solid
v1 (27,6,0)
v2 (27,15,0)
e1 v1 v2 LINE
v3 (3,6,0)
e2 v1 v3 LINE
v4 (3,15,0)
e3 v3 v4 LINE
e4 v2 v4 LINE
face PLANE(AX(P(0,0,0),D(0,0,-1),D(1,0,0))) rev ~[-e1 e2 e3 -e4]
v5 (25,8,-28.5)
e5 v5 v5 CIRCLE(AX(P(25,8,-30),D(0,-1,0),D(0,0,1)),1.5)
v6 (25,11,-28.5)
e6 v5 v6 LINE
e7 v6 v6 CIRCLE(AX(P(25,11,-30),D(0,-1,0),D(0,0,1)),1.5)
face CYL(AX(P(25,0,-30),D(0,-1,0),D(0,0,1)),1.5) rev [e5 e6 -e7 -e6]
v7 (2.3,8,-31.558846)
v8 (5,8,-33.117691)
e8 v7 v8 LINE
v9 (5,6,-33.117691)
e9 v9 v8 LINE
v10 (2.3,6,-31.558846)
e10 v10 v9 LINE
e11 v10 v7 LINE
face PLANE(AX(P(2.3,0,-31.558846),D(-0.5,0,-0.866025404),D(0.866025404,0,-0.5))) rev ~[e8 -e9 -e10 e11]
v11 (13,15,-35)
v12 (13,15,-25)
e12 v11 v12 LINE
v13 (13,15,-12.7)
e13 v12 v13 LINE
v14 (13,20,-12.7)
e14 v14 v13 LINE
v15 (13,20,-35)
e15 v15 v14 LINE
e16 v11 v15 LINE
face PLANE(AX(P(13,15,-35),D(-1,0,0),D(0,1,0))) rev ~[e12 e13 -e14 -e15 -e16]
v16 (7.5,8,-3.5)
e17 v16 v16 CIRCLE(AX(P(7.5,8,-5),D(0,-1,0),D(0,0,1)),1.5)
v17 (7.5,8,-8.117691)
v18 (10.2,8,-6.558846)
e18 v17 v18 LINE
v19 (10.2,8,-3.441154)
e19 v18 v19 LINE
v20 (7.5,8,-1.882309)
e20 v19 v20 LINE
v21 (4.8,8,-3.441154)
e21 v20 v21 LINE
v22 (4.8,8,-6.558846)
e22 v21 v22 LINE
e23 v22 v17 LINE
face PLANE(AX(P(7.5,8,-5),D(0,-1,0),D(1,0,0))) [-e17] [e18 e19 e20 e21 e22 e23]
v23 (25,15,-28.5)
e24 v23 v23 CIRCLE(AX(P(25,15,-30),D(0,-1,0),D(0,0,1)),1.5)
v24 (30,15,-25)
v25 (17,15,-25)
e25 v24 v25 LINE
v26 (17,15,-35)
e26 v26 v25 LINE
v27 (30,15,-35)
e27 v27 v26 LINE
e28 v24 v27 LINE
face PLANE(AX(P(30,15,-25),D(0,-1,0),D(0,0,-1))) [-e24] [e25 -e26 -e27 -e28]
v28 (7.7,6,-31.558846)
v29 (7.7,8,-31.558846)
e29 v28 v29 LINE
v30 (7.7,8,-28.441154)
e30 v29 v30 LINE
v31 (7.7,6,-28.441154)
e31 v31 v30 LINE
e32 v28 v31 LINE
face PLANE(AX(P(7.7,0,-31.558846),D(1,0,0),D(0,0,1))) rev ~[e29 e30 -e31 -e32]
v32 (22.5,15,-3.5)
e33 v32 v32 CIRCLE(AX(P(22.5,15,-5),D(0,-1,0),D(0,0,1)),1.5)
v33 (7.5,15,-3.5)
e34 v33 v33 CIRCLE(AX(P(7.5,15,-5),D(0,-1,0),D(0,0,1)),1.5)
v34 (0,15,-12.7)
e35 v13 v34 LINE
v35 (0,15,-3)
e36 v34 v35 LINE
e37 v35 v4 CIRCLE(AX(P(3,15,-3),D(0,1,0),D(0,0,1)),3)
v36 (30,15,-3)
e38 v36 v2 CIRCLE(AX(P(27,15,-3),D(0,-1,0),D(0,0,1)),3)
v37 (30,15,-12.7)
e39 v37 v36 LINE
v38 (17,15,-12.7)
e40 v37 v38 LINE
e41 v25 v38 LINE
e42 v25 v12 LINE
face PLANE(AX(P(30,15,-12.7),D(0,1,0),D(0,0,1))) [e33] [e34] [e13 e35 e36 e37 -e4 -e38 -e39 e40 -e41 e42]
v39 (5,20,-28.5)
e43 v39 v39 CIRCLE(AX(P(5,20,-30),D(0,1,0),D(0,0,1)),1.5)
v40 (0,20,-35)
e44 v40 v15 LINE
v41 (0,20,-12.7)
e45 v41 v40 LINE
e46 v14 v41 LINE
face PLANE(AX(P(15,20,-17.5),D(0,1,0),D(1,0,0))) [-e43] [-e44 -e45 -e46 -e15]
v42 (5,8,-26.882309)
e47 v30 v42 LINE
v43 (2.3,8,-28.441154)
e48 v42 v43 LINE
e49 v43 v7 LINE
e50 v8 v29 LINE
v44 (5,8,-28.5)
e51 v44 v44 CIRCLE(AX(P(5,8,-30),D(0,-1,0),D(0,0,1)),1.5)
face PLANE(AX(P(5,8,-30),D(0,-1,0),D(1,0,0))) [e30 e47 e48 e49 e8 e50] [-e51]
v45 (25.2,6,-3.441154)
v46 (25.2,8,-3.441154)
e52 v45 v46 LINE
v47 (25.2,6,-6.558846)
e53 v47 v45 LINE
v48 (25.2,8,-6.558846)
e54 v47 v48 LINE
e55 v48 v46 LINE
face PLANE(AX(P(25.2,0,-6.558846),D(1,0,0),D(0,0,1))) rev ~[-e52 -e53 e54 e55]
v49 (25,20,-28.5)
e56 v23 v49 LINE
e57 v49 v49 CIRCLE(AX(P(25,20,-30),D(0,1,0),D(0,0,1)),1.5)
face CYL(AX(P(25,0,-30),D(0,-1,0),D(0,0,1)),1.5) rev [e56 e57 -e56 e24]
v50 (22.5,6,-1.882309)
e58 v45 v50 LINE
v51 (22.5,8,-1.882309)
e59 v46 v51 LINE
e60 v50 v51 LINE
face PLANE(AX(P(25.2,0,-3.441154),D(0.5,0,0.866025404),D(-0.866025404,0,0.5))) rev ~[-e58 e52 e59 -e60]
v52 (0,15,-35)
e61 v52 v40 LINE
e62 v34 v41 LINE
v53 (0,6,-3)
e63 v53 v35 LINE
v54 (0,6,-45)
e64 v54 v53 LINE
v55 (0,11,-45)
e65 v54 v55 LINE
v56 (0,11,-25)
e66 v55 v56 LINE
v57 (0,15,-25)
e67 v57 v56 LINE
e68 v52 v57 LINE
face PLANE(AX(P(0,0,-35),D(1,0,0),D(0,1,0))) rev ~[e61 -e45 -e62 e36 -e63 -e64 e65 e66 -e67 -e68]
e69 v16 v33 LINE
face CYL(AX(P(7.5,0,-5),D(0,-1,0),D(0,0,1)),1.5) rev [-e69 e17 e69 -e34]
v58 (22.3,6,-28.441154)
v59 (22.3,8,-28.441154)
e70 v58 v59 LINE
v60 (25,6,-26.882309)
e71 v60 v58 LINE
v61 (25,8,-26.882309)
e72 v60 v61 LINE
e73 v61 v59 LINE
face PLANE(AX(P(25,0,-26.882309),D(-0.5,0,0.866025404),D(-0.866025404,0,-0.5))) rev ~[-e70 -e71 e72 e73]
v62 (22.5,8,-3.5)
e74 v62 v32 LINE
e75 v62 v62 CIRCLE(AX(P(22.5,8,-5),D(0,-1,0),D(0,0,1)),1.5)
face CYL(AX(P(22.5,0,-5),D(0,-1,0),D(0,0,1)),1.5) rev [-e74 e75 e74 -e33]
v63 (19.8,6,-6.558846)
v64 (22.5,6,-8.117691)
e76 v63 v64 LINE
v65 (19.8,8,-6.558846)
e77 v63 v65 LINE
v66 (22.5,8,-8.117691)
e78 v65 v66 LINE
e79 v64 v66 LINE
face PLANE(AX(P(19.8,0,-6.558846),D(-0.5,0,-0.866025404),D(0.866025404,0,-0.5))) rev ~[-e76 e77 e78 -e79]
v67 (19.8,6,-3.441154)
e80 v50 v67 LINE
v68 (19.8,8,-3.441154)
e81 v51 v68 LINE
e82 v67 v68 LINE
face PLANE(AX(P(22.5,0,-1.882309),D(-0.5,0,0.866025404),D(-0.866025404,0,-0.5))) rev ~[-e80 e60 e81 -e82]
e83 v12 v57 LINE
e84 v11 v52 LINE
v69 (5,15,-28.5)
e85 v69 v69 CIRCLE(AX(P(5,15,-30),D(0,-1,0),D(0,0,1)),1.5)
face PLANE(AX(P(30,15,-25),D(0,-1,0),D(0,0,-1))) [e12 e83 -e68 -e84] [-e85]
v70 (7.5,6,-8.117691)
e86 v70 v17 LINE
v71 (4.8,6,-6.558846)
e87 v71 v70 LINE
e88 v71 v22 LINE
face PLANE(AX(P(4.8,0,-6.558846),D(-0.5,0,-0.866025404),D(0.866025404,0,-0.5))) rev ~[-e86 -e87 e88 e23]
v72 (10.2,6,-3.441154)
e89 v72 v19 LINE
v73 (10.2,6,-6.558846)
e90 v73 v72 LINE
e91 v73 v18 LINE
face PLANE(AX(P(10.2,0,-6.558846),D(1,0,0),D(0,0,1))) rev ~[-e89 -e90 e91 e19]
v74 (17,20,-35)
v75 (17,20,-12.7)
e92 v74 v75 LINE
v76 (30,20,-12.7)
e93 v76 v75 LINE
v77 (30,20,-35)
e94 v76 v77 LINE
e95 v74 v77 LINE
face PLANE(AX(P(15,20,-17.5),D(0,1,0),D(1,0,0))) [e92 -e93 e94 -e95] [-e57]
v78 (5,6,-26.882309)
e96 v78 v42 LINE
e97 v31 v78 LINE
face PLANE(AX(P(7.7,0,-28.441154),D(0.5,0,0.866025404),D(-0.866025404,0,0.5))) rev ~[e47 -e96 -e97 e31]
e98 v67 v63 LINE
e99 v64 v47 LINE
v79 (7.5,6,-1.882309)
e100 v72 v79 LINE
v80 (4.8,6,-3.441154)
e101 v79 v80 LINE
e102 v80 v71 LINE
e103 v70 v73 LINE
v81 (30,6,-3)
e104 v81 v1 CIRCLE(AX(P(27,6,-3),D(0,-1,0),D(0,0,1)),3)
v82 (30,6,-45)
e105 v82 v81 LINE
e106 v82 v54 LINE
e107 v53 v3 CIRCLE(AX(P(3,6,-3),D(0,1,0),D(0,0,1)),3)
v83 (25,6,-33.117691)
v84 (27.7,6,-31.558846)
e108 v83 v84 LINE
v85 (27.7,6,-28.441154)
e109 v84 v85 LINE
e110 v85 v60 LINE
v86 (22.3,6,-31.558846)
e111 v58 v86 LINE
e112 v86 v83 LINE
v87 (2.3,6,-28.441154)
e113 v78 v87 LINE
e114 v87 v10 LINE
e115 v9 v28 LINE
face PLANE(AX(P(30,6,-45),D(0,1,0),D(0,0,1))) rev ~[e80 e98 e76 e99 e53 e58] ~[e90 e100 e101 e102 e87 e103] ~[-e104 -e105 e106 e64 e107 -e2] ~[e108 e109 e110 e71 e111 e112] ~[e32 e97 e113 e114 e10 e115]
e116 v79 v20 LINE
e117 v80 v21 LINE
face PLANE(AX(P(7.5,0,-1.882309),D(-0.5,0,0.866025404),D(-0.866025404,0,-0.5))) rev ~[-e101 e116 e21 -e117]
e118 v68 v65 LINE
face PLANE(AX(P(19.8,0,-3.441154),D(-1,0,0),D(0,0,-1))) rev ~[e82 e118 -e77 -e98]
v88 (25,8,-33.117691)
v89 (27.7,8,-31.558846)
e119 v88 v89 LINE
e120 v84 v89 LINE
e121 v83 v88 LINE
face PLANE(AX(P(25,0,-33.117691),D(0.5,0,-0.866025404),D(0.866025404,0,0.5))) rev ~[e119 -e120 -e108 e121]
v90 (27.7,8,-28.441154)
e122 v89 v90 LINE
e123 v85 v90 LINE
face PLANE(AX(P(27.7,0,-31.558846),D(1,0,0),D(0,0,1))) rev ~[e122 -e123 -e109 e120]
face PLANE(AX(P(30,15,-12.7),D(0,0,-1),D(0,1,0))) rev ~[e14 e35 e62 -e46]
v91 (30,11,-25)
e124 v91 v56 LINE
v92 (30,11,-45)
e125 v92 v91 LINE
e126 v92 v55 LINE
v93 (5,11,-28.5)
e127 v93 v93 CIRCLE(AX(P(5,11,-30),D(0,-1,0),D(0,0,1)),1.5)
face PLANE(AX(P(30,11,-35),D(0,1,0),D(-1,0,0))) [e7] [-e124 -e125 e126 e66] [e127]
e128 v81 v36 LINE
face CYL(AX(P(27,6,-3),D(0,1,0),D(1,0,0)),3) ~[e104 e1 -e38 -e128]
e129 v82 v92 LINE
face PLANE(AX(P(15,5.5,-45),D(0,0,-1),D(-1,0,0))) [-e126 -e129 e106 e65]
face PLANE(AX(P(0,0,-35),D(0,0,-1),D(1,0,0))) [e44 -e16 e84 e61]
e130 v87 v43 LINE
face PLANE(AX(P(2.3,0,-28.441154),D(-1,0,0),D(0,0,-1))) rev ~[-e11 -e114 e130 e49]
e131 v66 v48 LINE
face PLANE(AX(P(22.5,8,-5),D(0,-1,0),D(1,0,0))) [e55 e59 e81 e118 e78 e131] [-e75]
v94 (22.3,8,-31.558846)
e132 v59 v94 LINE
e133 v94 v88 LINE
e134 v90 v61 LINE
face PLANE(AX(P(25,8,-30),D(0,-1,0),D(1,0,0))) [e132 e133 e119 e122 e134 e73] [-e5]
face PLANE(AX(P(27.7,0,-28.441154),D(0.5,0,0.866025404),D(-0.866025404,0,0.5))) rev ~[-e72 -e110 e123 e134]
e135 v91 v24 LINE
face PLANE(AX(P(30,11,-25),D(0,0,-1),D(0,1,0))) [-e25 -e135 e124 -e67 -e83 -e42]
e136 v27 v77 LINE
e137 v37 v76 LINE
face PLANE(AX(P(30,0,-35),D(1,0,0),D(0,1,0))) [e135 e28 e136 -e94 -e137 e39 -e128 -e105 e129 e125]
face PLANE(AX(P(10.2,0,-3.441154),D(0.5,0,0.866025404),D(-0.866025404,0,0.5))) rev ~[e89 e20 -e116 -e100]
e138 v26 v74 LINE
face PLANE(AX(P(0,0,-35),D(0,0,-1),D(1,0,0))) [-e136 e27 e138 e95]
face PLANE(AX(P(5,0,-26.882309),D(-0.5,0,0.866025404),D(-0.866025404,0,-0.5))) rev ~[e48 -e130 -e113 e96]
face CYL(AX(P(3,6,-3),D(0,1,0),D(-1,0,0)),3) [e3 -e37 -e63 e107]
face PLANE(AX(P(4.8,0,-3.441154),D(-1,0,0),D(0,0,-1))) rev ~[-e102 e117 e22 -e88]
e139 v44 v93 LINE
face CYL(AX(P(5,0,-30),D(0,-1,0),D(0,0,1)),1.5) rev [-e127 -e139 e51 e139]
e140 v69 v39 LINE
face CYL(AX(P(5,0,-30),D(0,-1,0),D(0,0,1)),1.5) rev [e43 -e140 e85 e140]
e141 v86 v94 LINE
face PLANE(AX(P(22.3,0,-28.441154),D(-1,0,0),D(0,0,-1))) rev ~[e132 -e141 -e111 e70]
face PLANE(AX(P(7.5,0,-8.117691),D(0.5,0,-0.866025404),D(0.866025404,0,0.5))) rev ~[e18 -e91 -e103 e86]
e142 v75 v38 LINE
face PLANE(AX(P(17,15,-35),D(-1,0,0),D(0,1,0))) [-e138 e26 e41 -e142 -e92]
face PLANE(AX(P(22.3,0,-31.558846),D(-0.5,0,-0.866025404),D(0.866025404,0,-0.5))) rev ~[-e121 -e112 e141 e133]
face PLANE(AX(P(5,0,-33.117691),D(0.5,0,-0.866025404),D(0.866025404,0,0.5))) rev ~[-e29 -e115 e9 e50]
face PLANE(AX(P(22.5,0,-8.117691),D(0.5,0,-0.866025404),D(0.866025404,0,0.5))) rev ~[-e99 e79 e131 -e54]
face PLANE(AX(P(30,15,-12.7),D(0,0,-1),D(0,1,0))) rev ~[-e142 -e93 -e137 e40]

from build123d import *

# Parameters (mm, degrees)
CROQUIS1_W              = 30
CROQUIS1_H              = 35
CROQUIS1_R              = 1.5
SALIENTE_EXTRUIR1_DEPTH = 20
CROQUIS2_W              = 10
CROQUIS2_H              = 4
CORTAR_EXTRUIR1_DEPTH   = 41
CORTAR_EXTRUIR2_DEPTH   = 8
CORTAR_EXTRUIR3_DEPTH   = 8
CROQUIS6_W              = 30
CROQUIS6_H              = 11
SALIENTE_EXTRUIR2_DEPTH = 10
CORTAR_EXTRUIR4_START   = -30
CROQUIS7_W              = 45
CROQUIS7_H              = 6
CORTAR_EXTRUIR4_DEPTH   = 30
CORTAR_EXTRUIR5_REACH   = 52.249
CROQUIS8_W              = 4
CROQUIS8_H              = 5
CORTAR_EXTRUIR6_START   = -30
CROQUIS9_W              = 12.7
CROQUIS9_H              = 5
CORTAR_EXTRUIR6_DEPTH   = 30
REDONDEO1_R             = 3


with BuildPart() as part:
    # Croquis1 → Saliente-Extruir1 (new body)
    with BuildSketch(Plane(origin=(0, 0, 0), x_dir=(1, 0, 0), z_dir=(0, 1, 0))):
        with Locations((15, 17.5)):
            Rectangle(CROQUIS1_W, CROQUIS1_H)
        with Locations(Location((25, 30, 0), (0, 0, 270))):
            Circle(CROQUIS1_R, mode=Mode.SUBTRACT)
        with Locations(Location((5, 30, 0), (0, 0, 270))):
            Circle(CROQUIS1_R, mode=Mode.SUBTRACT)
        with Locations(Location((7.5, 5, 0), (0, 0, 270))):
            Circle(CROQUIS1_R, mode=Mode.SUBTRACT)
        with Locations(Location((22.5, 5, 0), (0, 0, 270))):
            Circle(CROQUIS1_R, mode=Mode.SUBTRACT)
    extrude(amount=SALIENTE_EXTRUIR1_DEPTH)

    # Croquis2 → Cortar-Extruir1 (cut)
    with BuildSketch(Plane(origin=(30, 0, 0), x_dir=(0, 0, -1), z_dir=(1, 0, 0))):
        with Locations((30, 13)):
            Rectangle(CROQUIS2_W, CROQUIS2_H)
    extrude(amount=-CORTAR_EXTRUIR1_DEPTH, mode=Mode.SUBTRACT)

    # Croquis3 → Cortar-Extruir2 (cut)
    with BuildSketch(Plane.XZ):
        Polygon((5, -33.117691454), (7.7, -31.558845727), (7.7, -28.441154273), (5, -26.882308546), (2.3, -28.441154273), (2.3, -31.558845727), align=None)
        Polygon((25, -33.117691454), (27.7, -31.558845727), (27.7, -28.441154273), (25, -26.882308546), (22.3, -28.441154273), (22.3, -31.558845727), align=None)
    extrude(amount=-CORTAR_EXTRUIR2_DEPTH, mode=Mode.SUBTRACT)

    # Croquis4 → Cortar-Extruir3 (cut)
    with BuildSketch(Plane.XZ):
        Polygon((7.5, -8.117691454), (10.2, -6.558845727), (10.2, -3.441154273), (7.5, -1.882308546), (4.8, -3.441154273), (4.8, -6.558845727), align=None)
        Polygon((22.5, -8.117691454), (25.2, -6.558845727), (25.2, -3.441154273), (22.5, -1.882308546), (19.8, -3.441154273), (19.8, -6.558845727), align=None)
    extrude(amount=-CORTAR_EXTRUIR3_DEPTH, mode=Mode.SUBTRACT)

    # Croquis6 → Saliente-Extruir2 (add)
    with BuildSketch(Plane(origin=(0, 0, -35), x_dir=(-1, 0, 0), z_dir=(0, 0, -1))):
        with Locations((-15, 5.5)):
            Rectangle(CROQUIS6_W, CROQUIS6_H)
    extrude(amount=SALIENTE_EXTRUIR2_DEPTH)

    # Croquis7 → Cortar-Extruir4 (cut)
    with BuildSketch(Plane.ZY.offset(CORTAR_EXTRUIR4_START)):
        with Locations((-22.5, 3)):
            Rectangle(CROQUIS7_W, CROQUIS7_H)
    extrude(amount=CORTAR_EXTRUIR4_DEPTH, mode=Mode.SUBTRACT)

    # Cortar-Extruir5: up to this face of the body (flat: up to its plane)
    cortar_extruir5_end = Plane(part.part.faces().sort_by_distance((15, 13, 0))[0])
    # Croquis8 → Cortar-Extruir5 (cut, up to the picked face)
    with BuildSketch(Plane(origin=(0, 0, -35), x_dir=(-1, 0, 0), z_dir=(0, 0, -1)), mode=Mode.PRIVATE) as cortar_extruir5_sk1:
        with Locations((-15, 17.5)):
            Rectangle(CROQUIS8_W, CROQUIS8_H)
    cortar_extruir5_tool1 = split(extrude(cortar_extruir5_sk1.sketch, amount=-CORTAR_EXTRUIR5_REACH, mode=Mode.PRIVATE), bisect_by=cortar_extruir5_end, keep=Keep.BOTH, mode=Mode.PRIVATE)
    add(cortar_extruir5_tool1.solids().sort_by(Axis((15, 17.5, -35), (0, 0, 1)))[0], mode=Mode.SUBTRACT)

    # Croquis9 → Cortar-Extruir6 (cut)
    with BuildSketch(Plane.ZY.offset(CORTAR_EXTRUIR6_START)):
        with Locations((-6.35, 17.5)):
            Rectangle(CROQUIS9_W, CROQUIS9_H)
    extrude(amount=CORTAR_EXTRUIR6_DEPTH, mode=Mode.SUBTRACT)

    # Redondeo1
    redondeo1_edges = [part.edges().sort_by_distance(p)[0] for p in [
        (30, 10.5, 0),
        (0, 10.5, 0),
    ]]
    fillet(redondeo1_edges, radius=REDONDEO1_R)


solid = part.part
